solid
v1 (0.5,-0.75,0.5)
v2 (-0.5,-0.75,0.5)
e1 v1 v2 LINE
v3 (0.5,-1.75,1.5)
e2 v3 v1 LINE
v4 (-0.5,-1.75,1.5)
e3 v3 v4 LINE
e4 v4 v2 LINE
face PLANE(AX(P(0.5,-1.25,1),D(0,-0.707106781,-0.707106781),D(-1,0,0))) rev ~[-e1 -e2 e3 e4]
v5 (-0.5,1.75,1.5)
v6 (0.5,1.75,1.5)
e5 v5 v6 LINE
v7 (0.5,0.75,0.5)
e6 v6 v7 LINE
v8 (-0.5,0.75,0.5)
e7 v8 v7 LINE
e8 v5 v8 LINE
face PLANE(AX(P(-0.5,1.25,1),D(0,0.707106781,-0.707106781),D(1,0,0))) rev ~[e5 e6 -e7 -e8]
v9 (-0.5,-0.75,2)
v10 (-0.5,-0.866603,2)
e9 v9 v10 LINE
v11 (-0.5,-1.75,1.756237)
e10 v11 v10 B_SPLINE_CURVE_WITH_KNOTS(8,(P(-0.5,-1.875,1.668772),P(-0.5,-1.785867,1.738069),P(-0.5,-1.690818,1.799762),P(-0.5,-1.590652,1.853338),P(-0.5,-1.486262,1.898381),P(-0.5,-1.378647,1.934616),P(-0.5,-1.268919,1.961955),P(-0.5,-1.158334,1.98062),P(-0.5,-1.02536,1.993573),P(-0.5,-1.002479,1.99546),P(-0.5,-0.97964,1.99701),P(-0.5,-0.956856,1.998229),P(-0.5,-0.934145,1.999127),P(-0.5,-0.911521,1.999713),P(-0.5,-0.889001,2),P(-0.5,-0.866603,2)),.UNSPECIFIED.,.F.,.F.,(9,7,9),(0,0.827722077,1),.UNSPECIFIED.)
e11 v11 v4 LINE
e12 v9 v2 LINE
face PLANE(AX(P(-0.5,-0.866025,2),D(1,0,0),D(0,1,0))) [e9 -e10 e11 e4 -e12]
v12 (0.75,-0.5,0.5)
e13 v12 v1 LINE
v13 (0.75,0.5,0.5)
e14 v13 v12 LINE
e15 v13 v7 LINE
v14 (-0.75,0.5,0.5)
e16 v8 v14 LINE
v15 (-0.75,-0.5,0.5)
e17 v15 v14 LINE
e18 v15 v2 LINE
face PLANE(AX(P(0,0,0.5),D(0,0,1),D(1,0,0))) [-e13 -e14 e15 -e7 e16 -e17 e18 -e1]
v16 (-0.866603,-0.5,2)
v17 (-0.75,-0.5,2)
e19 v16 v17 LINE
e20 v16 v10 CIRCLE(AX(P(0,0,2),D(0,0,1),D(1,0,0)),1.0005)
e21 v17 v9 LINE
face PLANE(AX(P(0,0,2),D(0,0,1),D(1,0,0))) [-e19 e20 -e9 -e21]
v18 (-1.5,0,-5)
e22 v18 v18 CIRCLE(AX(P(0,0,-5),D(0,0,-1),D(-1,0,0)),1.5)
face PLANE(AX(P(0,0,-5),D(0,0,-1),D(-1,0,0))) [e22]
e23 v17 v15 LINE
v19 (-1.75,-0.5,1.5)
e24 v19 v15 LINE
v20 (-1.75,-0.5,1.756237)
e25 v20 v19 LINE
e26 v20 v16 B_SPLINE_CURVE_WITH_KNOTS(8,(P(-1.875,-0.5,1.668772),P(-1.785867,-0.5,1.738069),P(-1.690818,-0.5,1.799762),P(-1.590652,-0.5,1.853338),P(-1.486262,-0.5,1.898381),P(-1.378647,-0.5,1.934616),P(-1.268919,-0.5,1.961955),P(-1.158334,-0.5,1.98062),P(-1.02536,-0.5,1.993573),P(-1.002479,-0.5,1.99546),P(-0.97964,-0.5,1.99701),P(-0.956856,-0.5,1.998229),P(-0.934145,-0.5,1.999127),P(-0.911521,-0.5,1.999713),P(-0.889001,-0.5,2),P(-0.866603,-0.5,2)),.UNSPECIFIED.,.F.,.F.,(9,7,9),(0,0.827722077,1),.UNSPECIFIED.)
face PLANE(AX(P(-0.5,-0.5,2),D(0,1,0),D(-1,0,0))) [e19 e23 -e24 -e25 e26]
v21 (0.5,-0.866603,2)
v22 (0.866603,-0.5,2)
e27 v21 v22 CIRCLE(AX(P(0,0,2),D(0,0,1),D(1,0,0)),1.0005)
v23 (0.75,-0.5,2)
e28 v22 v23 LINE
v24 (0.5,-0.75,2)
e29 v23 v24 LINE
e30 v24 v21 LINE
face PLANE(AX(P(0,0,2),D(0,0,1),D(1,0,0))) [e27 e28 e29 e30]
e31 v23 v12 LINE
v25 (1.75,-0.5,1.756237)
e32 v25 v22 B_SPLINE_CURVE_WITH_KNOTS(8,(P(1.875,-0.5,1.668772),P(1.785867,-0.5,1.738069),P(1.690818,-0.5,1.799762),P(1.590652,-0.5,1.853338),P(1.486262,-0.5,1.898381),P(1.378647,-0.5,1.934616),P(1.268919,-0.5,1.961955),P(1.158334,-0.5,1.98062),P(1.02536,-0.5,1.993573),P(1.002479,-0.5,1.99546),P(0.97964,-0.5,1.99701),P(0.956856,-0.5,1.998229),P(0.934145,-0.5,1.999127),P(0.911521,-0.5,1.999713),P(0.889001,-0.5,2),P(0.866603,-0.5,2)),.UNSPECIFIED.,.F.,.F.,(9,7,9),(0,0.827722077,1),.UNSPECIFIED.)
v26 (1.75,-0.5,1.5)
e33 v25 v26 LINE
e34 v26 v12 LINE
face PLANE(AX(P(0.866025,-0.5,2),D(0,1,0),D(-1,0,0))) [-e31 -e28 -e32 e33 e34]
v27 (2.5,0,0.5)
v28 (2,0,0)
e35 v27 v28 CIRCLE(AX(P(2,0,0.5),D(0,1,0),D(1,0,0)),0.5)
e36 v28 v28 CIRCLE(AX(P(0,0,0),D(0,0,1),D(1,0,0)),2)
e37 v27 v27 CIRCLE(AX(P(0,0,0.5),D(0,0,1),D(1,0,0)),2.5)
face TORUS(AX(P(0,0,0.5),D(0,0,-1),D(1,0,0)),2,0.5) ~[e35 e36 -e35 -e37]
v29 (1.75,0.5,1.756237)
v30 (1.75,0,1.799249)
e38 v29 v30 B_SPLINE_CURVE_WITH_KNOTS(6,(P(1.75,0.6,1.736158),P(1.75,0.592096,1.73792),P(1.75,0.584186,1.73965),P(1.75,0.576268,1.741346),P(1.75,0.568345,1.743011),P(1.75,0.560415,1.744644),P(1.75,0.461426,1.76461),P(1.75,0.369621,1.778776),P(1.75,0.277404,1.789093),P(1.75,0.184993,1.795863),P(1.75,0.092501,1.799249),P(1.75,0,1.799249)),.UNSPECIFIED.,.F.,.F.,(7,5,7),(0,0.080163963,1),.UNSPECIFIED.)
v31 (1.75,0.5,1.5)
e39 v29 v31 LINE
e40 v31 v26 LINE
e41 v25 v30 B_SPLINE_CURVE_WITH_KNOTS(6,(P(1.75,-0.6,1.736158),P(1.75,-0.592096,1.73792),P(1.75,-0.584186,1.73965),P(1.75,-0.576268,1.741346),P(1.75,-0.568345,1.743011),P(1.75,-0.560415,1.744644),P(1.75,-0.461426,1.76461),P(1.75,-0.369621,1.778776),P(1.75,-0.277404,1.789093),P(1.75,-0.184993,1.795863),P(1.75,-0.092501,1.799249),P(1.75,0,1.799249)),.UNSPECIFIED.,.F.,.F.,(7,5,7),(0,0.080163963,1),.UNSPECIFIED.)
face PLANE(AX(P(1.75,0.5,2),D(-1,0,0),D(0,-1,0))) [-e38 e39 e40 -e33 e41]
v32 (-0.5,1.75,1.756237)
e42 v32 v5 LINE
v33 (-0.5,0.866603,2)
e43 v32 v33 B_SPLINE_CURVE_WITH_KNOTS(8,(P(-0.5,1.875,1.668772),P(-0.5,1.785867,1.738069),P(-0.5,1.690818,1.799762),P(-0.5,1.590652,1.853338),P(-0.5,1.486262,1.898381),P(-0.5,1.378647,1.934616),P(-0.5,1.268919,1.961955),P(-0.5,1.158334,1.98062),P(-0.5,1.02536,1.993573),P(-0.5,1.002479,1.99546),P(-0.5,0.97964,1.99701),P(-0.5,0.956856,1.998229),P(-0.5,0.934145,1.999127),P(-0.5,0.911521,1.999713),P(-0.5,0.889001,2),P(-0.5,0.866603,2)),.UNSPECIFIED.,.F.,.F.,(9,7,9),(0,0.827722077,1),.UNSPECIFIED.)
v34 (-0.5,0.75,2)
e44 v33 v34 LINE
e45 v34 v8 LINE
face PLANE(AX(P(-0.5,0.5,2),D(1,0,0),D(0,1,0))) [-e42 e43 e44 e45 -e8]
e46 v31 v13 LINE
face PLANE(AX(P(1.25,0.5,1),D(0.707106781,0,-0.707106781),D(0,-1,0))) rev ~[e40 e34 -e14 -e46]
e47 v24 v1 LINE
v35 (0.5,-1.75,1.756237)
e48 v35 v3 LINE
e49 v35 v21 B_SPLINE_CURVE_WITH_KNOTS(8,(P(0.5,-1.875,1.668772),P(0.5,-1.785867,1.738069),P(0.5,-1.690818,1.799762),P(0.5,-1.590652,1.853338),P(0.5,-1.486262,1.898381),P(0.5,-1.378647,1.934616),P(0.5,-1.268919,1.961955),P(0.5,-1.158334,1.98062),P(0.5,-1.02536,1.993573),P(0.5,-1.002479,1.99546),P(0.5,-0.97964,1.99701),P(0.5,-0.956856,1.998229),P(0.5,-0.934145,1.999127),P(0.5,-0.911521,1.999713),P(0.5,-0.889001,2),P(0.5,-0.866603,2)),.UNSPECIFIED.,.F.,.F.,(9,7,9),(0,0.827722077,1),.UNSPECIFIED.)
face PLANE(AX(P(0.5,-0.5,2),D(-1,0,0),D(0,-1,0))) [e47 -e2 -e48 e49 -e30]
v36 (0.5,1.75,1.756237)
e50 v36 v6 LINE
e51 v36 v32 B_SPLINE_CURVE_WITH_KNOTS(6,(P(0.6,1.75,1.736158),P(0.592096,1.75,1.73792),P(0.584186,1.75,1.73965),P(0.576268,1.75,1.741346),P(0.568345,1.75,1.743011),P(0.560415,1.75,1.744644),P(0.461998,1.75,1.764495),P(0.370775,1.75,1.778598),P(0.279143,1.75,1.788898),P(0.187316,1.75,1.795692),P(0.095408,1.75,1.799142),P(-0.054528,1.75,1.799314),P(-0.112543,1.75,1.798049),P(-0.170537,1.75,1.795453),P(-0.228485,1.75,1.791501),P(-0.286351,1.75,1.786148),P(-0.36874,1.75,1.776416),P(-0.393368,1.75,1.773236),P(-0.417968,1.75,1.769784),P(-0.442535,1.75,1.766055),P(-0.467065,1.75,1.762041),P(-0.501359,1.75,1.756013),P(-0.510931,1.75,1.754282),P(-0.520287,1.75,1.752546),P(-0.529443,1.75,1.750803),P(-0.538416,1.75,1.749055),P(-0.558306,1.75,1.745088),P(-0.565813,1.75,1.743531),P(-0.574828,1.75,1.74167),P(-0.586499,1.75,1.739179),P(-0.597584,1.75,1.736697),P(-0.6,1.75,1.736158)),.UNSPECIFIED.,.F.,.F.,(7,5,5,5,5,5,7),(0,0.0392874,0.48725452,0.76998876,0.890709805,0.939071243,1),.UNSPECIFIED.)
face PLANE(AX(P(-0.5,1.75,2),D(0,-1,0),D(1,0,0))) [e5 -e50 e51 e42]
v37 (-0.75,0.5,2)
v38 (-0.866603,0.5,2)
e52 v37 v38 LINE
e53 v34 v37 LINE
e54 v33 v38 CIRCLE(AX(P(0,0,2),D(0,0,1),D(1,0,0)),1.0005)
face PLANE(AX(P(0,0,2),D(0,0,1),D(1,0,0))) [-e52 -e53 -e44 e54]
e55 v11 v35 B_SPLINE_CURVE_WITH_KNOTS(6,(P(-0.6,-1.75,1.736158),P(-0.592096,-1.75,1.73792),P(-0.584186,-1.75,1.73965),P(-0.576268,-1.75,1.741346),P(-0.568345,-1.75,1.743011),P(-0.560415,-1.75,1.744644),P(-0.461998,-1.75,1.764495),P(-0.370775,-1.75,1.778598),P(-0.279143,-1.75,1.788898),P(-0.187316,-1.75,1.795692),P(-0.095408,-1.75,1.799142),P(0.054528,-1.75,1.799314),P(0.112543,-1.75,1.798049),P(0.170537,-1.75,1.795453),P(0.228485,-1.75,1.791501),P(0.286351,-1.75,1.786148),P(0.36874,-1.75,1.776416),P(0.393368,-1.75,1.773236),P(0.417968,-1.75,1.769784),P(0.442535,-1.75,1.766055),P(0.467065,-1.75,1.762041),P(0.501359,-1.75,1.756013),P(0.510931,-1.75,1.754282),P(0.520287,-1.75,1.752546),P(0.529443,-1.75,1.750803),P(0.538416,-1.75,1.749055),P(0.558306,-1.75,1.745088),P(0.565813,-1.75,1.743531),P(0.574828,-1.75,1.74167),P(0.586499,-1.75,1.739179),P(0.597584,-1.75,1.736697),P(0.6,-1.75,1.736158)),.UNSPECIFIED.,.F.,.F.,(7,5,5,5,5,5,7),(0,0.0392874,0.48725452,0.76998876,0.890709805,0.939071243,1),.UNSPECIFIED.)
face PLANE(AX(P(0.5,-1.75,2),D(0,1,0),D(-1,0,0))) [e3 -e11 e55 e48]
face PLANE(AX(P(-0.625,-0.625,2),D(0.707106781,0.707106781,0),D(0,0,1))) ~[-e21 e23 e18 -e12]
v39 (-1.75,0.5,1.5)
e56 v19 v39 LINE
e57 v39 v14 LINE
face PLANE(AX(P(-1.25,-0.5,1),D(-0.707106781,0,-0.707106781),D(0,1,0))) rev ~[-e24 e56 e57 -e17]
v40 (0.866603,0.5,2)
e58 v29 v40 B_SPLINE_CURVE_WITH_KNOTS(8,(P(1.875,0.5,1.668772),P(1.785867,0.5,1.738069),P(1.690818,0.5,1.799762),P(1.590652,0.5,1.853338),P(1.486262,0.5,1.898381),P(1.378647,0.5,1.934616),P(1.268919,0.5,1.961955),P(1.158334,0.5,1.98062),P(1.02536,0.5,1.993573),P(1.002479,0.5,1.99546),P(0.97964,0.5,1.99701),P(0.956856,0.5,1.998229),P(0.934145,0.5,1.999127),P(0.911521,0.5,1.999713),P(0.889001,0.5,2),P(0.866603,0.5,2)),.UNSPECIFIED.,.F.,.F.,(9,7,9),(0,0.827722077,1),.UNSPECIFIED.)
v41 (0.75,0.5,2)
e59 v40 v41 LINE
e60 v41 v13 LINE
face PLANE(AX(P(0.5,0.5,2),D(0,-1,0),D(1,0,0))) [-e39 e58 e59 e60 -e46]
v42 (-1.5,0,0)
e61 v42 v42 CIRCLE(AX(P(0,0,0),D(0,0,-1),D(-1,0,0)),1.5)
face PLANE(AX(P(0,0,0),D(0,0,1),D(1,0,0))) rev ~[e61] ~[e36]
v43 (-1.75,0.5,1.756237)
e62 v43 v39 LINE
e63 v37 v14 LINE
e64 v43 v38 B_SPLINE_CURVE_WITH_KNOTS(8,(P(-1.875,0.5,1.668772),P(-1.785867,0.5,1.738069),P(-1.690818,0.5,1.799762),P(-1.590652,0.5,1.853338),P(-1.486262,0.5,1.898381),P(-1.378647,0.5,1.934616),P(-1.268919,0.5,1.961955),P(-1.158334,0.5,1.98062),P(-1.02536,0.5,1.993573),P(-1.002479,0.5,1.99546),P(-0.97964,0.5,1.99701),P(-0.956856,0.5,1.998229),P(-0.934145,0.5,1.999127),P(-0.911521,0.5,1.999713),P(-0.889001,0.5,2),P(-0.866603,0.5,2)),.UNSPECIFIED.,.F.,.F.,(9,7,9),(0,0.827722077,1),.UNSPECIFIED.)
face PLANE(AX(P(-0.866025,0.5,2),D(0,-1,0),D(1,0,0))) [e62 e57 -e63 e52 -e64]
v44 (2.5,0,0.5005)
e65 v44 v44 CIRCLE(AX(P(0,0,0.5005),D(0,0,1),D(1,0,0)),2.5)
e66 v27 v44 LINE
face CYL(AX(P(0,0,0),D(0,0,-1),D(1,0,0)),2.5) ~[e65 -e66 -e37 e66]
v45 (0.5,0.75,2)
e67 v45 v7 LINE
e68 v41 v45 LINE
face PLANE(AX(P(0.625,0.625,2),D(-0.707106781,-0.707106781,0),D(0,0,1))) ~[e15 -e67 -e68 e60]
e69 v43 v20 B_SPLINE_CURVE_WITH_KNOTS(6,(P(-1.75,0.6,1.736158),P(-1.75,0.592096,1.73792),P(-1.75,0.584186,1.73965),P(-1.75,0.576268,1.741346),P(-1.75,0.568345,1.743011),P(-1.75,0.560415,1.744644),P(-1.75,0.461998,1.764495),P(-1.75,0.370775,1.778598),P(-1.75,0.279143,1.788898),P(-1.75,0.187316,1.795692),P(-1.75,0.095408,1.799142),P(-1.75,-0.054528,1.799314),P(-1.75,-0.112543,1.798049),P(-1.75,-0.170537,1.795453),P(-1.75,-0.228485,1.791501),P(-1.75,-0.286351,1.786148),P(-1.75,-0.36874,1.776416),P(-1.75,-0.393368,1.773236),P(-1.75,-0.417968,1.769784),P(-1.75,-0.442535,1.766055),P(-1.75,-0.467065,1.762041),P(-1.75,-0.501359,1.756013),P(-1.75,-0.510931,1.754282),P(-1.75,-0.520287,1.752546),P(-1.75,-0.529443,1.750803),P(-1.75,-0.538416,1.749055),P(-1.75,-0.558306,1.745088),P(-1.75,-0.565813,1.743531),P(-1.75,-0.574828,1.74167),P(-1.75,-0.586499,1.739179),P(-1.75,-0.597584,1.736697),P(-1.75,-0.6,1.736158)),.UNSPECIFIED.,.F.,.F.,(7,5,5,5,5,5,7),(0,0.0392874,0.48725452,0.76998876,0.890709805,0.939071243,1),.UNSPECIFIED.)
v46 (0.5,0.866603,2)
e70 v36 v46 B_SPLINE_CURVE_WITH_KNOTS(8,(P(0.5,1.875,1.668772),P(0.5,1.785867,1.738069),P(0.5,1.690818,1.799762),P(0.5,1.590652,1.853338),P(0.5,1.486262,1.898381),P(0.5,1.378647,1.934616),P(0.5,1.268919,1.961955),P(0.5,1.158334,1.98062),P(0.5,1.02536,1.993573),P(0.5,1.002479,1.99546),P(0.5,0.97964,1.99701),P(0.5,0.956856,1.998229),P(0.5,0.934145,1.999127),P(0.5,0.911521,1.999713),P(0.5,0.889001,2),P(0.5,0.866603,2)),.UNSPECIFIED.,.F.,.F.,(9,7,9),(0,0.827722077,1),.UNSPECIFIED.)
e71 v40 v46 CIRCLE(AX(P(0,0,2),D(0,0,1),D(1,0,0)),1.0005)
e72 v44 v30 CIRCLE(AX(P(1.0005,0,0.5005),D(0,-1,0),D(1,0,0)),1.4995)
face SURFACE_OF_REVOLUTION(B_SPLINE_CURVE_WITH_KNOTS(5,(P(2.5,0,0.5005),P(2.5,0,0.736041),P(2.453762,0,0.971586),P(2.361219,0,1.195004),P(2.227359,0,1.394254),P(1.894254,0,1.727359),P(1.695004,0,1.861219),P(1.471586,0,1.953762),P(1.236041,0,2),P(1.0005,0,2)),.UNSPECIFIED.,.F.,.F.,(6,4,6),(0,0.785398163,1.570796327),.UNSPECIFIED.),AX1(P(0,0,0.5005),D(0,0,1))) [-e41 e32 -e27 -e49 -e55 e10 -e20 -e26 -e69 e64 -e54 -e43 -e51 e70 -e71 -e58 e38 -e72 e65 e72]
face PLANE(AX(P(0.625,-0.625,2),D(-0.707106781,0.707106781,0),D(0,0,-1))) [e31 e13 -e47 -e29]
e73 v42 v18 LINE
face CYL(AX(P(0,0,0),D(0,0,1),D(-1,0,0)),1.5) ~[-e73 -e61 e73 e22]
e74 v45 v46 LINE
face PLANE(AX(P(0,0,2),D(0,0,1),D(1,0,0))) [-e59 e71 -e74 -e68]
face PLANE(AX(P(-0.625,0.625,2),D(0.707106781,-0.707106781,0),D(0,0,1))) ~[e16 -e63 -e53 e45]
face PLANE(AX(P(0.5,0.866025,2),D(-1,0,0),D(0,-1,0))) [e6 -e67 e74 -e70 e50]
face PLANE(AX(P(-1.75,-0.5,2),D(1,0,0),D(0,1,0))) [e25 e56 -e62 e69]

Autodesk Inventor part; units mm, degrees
ref_plane "YZ Plane" through (0, 0, 0) normal (1, 0, 0) x (0, 1, 0)
ref_plane "XZ Plane" through (0, 0, 0) normal (0, 1, 0) x (-1, 0, 0)
ref_plane "XY Plane" through (0, 0, 0) normal (0, 0, 1) x (1, 0, 0)
sketch "Sketch1" plane through (0, 0, 0) normal (0, 0, 1) x (1, 0, 0)
  circle A0 centre (0, 0) radius 2.5
  dimension "d0" = 5
extrude "Extrusion1" add sketch "Sketch1" along normal blind 2
fillet "Fillet1" radius 0.5 1 edges at (-2.5, 0, 0)
fillet "Fillet2" radius 1.5 1 edges at (-2.5, 0, 2)
sketch "Sketch2" plane through (0, 0, 2) normal (0, 0, 1) x (1, 0, 0)
  circle A0 centre (0, 0) radius 1 projected
  line L0 (1.75, 0.5) -> (1.75, -0.5)
  line L1 (-1.75, -0.5) -> (-1.75, 0.5)
  line L2 (-0.5, 1.75) -> (0.5, 1.75)
  line L3 (0.5, -1.75) -> (-0.5, -1.75)
  line L4 (-0.5, -1.75) -> (-0.5, -0.5)
  line L5 (-0.5, 0.5) -> (-0.5, 1.75)
  line L6 (-1.75, 0.5) -> (-0.5, 0.5)
  line L7 (0.5, 0.5) -> (1.75, 0.5)
  line L8 (0.5, 1.75) -> (0.5, 0.5)
  line L9 (0.5, -0.5) -> (0.5, -1.75)
  line L10 (1.75, -0.5) -> (0.5, -0.5)
  line L11 (-0.5, -0.5) -> (-1.75, -0.5)
  dimension "d5" = 1
  dimension "d6" = 3.5
  dimension "d7" = 1.75
  dimension "d9" = 1
  dimension "d10" = 3.5
  dimension "d11" = 1.75
extrude "Extrusion2" cut sketch "Sketch2" against normal blind 1.5 contours A0 L10 L9 L4 L11 L6 L5 L8 L7 | A0 L7 L0 L10 | A0 L5 L2 L8 | L9 L3 L4 A0 | A0 L11 L1 L6
chamfer "Chamfer1" distance 1 angle 45 4 edges at (-1.75, 0, 0.5) (0, 1.75, 0.5) (1.75, 0, 0.5) (0, -1.75, 0.5)
chamfer "Chamfer2" distance 0.25 angle 45 4 edges at (-0.5, 0.5, 1.25) (-0.5, -0.5, 1.25) (0.5, 0.5, 1.25) (0.5, -0.5, 1.25)
sketch "Sketch3" plane through (0, 0, 0) normal (0, 0, -1) x (-1, 0, 0)
  circle A0 centre (0, 0) radius 2 projected
  circle A1 centre (0, 0) radius 1.5
  dimension "d19" = 3
extrude "Extrusion3" add sketch "Sketch3" along normal blind 5 contours A1
thread "Thread1" size "M3x0.5" class "6g" standard "ANSI Metric M Profile" full length
properties part number "screw_M3_5"
